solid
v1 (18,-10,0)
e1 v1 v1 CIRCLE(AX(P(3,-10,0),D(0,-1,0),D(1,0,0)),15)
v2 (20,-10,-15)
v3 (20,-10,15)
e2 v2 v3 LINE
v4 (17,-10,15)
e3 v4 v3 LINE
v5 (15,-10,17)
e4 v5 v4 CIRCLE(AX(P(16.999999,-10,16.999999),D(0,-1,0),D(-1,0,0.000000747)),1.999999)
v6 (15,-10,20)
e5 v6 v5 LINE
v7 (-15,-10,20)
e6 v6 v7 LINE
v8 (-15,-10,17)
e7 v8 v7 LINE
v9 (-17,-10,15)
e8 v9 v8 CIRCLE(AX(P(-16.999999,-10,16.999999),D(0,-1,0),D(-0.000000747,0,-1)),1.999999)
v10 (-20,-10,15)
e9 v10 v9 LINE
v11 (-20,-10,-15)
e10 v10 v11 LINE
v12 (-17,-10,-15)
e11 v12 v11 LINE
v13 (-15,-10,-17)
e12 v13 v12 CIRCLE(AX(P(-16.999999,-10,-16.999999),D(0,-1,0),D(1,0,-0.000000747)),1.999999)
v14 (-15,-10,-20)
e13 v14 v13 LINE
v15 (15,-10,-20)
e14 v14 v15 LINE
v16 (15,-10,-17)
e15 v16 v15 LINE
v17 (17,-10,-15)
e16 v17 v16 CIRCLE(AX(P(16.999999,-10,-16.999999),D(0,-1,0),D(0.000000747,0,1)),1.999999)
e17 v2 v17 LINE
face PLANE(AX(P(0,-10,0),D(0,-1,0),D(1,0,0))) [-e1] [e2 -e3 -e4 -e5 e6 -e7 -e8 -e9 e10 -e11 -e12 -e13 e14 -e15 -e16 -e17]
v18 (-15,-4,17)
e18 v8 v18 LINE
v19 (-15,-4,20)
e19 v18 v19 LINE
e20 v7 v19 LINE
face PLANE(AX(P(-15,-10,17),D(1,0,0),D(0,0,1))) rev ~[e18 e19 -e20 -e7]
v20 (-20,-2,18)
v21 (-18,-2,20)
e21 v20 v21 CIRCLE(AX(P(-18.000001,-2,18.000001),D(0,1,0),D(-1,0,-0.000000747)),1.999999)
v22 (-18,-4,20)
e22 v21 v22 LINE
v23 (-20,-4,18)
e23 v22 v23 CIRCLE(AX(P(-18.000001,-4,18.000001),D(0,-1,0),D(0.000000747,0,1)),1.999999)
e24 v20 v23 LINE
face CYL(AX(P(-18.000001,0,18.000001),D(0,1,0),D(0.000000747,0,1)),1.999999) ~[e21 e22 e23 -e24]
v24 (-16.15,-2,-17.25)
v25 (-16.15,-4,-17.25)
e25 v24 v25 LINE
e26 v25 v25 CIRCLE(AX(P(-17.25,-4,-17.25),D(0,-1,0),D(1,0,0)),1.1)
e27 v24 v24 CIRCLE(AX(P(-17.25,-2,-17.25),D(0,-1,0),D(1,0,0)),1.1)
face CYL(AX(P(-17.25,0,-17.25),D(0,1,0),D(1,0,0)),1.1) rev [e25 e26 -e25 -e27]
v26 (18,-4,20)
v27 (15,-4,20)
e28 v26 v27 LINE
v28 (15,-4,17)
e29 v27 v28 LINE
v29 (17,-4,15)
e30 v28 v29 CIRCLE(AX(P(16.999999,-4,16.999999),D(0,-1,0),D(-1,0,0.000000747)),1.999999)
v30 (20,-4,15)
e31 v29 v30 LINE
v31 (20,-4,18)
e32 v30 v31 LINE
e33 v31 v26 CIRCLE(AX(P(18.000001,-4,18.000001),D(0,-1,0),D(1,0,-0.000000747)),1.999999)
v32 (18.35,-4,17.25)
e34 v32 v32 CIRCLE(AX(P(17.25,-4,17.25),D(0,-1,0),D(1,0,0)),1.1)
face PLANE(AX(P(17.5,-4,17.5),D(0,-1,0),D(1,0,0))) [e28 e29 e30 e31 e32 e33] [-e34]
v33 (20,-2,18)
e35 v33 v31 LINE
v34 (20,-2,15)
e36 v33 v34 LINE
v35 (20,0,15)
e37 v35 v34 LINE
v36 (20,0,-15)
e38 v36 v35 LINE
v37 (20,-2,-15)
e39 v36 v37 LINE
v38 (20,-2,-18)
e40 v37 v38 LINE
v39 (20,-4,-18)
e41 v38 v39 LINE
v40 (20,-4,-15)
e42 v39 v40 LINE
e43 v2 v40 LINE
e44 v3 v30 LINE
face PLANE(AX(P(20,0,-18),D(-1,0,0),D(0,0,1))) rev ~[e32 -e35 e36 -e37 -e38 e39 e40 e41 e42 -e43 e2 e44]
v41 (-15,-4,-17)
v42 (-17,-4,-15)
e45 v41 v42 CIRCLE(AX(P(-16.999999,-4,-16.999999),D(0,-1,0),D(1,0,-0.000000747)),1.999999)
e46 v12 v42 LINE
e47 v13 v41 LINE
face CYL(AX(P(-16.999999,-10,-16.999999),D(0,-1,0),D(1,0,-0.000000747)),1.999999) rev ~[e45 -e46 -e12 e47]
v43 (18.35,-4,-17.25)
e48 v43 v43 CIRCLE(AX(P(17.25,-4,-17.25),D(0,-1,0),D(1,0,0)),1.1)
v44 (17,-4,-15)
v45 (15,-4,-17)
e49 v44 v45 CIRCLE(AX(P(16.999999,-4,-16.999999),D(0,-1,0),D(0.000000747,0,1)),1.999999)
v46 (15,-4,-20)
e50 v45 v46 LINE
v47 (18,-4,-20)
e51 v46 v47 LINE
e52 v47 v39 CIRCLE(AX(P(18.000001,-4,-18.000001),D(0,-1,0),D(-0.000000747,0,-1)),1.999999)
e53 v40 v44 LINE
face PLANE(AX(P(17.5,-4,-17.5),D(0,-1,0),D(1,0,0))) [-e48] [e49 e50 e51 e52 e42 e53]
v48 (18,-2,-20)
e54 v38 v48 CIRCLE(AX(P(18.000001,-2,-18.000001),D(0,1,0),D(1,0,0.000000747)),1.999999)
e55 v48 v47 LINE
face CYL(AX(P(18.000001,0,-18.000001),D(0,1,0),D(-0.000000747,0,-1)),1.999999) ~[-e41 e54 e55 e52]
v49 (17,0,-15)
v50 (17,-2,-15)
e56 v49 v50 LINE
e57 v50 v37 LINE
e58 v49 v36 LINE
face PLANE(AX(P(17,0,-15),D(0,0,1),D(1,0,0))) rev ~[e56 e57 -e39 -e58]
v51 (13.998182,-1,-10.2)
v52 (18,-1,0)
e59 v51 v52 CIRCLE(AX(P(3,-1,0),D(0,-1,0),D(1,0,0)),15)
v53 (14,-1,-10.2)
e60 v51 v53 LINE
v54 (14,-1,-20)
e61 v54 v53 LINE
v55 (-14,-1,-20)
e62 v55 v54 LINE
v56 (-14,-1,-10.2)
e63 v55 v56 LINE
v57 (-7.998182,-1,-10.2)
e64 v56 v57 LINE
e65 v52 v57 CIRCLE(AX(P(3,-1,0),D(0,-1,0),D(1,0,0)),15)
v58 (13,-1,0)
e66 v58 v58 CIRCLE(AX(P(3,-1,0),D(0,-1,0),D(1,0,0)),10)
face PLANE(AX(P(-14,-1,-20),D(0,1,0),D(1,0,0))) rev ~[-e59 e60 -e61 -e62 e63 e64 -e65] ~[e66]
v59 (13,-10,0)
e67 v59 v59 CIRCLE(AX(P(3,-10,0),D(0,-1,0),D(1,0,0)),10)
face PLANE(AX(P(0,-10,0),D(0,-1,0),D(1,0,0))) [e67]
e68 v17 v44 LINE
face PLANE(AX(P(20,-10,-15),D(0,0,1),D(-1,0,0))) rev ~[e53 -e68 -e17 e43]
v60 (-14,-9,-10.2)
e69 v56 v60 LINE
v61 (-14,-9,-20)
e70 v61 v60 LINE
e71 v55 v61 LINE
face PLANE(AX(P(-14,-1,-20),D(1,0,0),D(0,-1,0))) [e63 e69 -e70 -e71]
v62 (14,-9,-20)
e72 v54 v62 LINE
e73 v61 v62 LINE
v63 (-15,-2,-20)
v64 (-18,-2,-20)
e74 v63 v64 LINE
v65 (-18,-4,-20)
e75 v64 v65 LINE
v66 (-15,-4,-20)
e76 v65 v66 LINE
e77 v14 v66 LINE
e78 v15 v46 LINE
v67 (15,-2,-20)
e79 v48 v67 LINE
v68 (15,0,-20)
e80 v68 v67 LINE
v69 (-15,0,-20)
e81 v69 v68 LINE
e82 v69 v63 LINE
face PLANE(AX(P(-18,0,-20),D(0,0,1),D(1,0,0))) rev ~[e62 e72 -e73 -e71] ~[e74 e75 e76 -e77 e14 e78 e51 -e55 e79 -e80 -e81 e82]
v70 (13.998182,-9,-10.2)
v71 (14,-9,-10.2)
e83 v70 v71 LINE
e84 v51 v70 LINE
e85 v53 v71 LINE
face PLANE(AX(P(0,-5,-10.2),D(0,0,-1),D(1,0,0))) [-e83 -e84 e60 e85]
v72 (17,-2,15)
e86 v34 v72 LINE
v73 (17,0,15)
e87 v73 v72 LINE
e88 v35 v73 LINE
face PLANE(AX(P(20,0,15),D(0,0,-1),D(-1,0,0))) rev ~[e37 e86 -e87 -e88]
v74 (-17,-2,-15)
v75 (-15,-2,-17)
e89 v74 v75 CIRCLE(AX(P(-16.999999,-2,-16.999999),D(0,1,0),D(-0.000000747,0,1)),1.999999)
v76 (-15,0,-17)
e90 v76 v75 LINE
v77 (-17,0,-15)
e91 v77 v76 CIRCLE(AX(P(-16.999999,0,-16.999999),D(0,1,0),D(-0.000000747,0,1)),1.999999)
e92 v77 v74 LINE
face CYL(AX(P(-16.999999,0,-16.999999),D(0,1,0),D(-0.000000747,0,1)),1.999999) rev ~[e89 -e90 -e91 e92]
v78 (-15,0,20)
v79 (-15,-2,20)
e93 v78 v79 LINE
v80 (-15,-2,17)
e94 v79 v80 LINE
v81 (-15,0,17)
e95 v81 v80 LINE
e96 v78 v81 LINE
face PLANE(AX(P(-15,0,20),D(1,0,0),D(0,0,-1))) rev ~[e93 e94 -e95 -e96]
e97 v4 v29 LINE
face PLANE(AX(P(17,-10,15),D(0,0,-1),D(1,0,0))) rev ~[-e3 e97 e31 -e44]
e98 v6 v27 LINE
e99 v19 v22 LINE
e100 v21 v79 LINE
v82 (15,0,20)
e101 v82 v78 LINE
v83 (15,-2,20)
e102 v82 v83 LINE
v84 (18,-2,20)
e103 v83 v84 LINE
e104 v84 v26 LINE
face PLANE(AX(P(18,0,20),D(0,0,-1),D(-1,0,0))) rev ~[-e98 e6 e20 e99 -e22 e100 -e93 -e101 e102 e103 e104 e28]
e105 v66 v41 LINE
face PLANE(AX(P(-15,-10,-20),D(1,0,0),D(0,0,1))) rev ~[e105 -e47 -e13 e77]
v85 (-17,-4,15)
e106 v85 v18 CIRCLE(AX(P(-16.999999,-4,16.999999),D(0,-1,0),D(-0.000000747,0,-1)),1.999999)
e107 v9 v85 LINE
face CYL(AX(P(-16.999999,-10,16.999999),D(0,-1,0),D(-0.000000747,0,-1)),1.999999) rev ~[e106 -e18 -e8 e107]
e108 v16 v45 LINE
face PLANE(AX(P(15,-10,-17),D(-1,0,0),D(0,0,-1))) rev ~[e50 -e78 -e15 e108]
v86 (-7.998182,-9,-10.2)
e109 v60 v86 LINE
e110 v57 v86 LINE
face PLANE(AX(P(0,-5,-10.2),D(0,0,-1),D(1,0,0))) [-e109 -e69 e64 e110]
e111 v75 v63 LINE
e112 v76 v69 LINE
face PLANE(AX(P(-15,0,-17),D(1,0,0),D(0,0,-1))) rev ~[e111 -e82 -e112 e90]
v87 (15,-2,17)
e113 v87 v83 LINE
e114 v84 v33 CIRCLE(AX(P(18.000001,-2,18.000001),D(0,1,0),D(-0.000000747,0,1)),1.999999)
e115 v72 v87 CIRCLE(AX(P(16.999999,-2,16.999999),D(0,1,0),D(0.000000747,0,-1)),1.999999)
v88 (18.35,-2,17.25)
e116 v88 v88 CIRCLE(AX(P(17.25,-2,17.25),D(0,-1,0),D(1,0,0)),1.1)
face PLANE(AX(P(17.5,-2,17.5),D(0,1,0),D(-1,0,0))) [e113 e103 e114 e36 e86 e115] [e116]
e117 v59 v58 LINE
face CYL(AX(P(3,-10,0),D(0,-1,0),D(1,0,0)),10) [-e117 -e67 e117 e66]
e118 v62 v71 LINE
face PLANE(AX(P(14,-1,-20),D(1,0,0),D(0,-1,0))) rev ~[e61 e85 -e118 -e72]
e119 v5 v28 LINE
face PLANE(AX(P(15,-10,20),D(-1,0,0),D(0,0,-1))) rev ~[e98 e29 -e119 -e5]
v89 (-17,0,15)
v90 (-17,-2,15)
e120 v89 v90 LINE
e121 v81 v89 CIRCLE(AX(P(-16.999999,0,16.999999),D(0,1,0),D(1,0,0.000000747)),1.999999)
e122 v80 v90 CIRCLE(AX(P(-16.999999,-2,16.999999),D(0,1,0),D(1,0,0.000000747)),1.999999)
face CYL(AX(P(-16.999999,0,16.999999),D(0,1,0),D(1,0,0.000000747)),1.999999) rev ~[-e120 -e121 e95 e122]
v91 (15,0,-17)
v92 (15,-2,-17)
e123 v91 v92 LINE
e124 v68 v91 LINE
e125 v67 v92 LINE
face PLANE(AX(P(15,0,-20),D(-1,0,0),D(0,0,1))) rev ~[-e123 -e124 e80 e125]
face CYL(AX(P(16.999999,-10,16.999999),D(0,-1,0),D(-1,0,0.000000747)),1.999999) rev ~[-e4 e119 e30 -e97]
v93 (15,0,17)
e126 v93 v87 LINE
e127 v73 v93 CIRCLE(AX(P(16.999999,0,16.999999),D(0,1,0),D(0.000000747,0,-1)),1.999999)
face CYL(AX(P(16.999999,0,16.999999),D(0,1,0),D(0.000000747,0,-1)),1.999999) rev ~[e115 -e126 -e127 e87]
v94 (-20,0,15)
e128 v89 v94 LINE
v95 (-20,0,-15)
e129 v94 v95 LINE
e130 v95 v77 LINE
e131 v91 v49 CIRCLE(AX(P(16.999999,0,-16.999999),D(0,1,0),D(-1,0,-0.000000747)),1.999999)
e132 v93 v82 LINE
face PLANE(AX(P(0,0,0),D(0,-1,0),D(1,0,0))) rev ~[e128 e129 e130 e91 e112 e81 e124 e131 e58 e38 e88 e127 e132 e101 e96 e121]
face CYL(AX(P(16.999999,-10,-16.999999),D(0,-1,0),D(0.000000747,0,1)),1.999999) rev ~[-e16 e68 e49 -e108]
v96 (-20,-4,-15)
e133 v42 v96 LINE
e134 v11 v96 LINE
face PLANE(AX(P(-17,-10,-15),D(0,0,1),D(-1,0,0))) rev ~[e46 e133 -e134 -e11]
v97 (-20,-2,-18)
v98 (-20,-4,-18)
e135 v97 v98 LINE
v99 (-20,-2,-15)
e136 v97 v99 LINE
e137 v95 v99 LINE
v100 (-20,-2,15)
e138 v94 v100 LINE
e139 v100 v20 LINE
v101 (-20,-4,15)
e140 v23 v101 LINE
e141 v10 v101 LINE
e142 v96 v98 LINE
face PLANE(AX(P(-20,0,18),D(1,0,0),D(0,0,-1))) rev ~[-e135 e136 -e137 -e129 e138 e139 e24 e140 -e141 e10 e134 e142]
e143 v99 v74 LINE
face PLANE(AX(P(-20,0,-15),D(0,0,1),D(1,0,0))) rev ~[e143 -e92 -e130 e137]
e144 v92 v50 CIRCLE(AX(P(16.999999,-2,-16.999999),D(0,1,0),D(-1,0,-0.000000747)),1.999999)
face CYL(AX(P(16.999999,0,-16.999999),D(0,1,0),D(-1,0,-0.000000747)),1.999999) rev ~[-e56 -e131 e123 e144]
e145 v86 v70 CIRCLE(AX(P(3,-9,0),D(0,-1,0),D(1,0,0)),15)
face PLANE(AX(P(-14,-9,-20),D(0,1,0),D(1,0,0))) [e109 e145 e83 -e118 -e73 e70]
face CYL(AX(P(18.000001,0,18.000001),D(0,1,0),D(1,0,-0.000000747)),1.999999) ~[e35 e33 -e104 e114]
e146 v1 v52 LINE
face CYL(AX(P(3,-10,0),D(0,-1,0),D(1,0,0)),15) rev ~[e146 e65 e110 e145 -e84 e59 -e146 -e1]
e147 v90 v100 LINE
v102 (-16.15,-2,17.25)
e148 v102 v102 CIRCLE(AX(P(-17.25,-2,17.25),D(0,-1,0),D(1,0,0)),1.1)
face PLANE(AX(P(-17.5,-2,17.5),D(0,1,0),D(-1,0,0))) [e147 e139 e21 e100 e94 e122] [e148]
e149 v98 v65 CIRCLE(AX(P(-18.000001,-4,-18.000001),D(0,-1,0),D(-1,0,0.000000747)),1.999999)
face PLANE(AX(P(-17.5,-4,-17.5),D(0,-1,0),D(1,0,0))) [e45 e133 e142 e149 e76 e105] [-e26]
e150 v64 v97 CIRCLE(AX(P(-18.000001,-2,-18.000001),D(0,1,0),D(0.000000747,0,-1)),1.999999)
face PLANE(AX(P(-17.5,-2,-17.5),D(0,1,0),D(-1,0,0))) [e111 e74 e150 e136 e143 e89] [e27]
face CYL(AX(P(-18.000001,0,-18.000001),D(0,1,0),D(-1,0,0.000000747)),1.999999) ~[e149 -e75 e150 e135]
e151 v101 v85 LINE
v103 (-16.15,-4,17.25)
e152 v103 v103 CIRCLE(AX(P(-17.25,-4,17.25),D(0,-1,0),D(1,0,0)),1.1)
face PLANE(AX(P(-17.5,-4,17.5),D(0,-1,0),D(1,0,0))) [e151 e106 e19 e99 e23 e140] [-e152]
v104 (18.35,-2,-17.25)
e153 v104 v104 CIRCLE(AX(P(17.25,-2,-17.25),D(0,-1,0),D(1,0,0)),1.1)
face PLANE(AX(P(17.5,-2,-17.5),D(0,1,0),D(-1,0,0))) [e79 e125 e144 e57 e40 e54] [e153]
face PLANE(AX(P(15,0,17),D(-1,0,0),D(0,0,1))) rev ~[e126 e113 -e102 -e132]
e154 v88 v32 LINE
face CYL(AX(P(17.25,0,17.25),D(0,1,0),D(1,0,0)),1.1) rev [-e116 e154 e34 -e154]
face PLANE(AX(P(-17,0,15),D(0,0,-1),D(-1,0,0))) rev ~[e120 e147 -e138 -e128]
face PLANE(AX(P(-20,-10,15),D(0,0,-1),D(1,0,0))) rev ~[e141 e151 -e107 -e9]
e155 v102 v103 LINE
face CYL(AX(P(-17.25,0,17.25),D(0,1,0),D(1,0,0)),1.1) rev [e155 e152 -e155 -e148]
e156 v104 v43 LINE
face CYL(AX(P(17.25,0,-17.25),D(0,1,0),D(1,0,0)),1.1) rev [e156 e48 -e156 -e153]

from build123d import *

# Parameters (mm, degrees)
F0_R     = 1.1
F1_DEPTH = 10
F2_R     = 1.1
F3_DEPTH = 6
F4_R     = 1.1
F5_DEPTH = 2
F6_R     = 15
F6_R_2   = 10
F7_DEPTH = 9
F8_W     = 28
F8_H     = 8
F9_DEPTH = 9.8


with BuildPart() as f1:
    # F0 (on Front) → F1 (new body)
    with BuildSketch(Plane.XZ):
        with BuildLine():
            Line((-18, -20), (18, -20))
            ThreePointArc((18, -20), (19.414214, -19.414214), (20, -18))
            Line((20, -18), (20, 18))
            ThreePointArc((20, 18), (19.414214, 19.414214), (18, 20))
            Line((18, 20), (-18, 20))
            ThreePointArc((-18, 20), (-19.414214, 19.414214), (-20, 18))
            Line((-20, 18), (-20, -18))
            ThreePointArc((-20, -18), (-19.414214, -19.414214), (-18, -20))
        make_face()
        with Locations((-17.25, -17.25)):
            Circle(F0_R, mode=Mode.SUBTRACT)
        with Locations((17.25, -17.25)):
            Circle(F0_R, mode=Mode.SUBTRACT)
        with Locations((-17.25, 17.25)):
            Circle(F0_R, mode=Mode.SUBTRACT)
        with Locations((17.25, 17.25)):
            Circle(F0_R, mode=Mode.SUBTRACT)
    extrude(amount=F1_DEPTH)

    # F2 (on face) → F3 (cut)
    with BuildSketch(Plane.XZ.offset(10)):
        with BuildLine():
            Line((-18, -20), (-15, -20))
            Line((-15, -20), (-15, -17))
            ThreePointArc((-15, -17), (-15.585786, -15.585786), (-17, -15))
            Line((-17, -15), (-20, -15))
            Line((-20, -15), (-20, -18))
            ThreePointArc((-20, -18), (-19.414214, -19.414214), (-18, -20))
        make_face()
        with Locations((-17.25, -17.25)):
            Circle(F2_R, mode=Mode.SUBTRACT)
        with BuildLine():
            Line((-20, 18), (-20, 15))
            Line((-20, 15), (-17, 15))
            ThreePointArc((-17, 15), (-15.585786, 15.585786), (-15, 17))
            Line((-15, 17), (-15, 20))
            Line((-15, 20), (-18, 20))
            ThreePointArc((-18, 20), (-19.414214, 19.414214), (-20, 18))
        make_face()
        with Locations((-17.25, 17.25)):
            Circle(F2_R, mode=Mode.SUBTRACT)
        with BuildLine():
            Line((17, 15), (20, 15))
            Line((20, 15), (20, 18))
            ThreePointArc((20, 18), (19.414214, 19.414214), (18, 20))
            Line((18, 20), (15, 20))
            Line((15, 20), (15, 17))
            ThreePointArc((15, 17), (15.585786, 15.585786), (17, 15))
        make_face()
        with Locations((17.25, 17.25)):
            Circle(F2_R, mode=Mode.SUBTRACT)
        with BuildLine():
            Line((15, -17), (15, -20))
            Line((15, -20), (18, -20))
            ThreePointArc((18, -20), (19.414214, -19.414214), (20, -18))
            Line((20, -18), (20, -15))
            Line((20, -15), (17, -15))
            ThreePointArc((17, -15), (15.585786, -15.585786), (15, -17))
        make_face()
        with Locations((17.25, -17.25)):
            Circle(F2_R, mode=Mode.SUBTRACT)
    extrude(amount=-F3_DEPTH, mode=Mode.SUBTRACT)

    # F4 (on face) → F5 (cut)
    with BuildSketch(Plane(origin=(0, 0, 0), x_dir=(-1, 0, 0), z_dir=(0, 1, 0))):
        with BuildLine():
            Line((-18, -20), (-15, -20))
            Line((-15, -20), (-15, -17))
            ThreePointArc((-15, -17), (-15.585786, -15.585786), (-17, -15))
            Line((-17, -15), (-20, -15))
            Line((-20, -15), (-20, -18))
            ThreePointArc((-20, -18), (-19.414214, -19.414214), (-18, -20))
        make_face()
        with Locations((-17.25, -17.25)):
            Circle(F4_R, mode=Mode.SUBTRACT)
        with BuildLine():
            Line((-15, 17), (-15, 20))
            Line((-15, 20), (-18, 20))
            ThreePointArc((-18, 20), (-19.414214, 19.414214), (-20, 18))
            Line((-20, 18), (-20, 15))
            Line((-20, 15), (-17, 15))
            ThreePointArc((-17, 15), (-15.585786, 15.585786), (-15, 17))
        make_face()
        with Locations((-17.25, 17.25)):
            Circle(F4_R, mode=Mode.SUBTRACT)
        with BuildLine():
            Line((17, 15), (20, 15))
            Line((20, 15), (20, 18))
            ThreePointArc((20, 18), (19.414214, 19.414214), (18, 20))
            Line((18, 20), (15, 20))
            Line((15, 20), (15, 17))
            ThreePointArc((15, 17), (15.585786, 15.585786), (17, 15))
        make_face()
        with Locations((17.25, 17.25)):
            Circle(F4_R, mode=Mode.SUBTRACT)
        with BuildLine():
            Line((20, -15), (17, -15))
            ThreePointArc((17, -15), (15.585786, -15.585786), (15, -17))
            Line((15, -17), (15, -20))
            Line((15, -20), (18, -20))
            ThreePointArc((18, -20), (19.414214, -19.414214), (20, -18))
            Line((20, -18), (20, -15))
        make_face()
        with Locations((17.25, -17.25)):
            Circle(F4_R, mode=Mode.SUBTRACT)
    extrude(amount=-F5_DEPTH, mode=Mode.SUBTRACT)

    # F6 (on face) → F7 (cut)
    with BuildSketch(Plane.XZ.offset(10)):
        with Locations((3, 0)):
            Circle(F6_R)
        with Locations((3, 0)):
            Circle(F6_R_2, mode=Mode.SUBTRACT)
    extrude(amount=-F7_DEPTH, mode=Mode.SUBTRACT)

    # F8 (on face) → F9 (cut)
    with BuildSketch(Plane(origin=(0, 0, -20), x_dir=(1, 0, 0), z_dir=(0, 0, -1))):
        with Locations((0, 5)):
            Rectangle(F8_W, F8_H)
    extrude(amount=-F9_DEPTH, mode=Mode.SUBTRACT)


solid = f1.part
